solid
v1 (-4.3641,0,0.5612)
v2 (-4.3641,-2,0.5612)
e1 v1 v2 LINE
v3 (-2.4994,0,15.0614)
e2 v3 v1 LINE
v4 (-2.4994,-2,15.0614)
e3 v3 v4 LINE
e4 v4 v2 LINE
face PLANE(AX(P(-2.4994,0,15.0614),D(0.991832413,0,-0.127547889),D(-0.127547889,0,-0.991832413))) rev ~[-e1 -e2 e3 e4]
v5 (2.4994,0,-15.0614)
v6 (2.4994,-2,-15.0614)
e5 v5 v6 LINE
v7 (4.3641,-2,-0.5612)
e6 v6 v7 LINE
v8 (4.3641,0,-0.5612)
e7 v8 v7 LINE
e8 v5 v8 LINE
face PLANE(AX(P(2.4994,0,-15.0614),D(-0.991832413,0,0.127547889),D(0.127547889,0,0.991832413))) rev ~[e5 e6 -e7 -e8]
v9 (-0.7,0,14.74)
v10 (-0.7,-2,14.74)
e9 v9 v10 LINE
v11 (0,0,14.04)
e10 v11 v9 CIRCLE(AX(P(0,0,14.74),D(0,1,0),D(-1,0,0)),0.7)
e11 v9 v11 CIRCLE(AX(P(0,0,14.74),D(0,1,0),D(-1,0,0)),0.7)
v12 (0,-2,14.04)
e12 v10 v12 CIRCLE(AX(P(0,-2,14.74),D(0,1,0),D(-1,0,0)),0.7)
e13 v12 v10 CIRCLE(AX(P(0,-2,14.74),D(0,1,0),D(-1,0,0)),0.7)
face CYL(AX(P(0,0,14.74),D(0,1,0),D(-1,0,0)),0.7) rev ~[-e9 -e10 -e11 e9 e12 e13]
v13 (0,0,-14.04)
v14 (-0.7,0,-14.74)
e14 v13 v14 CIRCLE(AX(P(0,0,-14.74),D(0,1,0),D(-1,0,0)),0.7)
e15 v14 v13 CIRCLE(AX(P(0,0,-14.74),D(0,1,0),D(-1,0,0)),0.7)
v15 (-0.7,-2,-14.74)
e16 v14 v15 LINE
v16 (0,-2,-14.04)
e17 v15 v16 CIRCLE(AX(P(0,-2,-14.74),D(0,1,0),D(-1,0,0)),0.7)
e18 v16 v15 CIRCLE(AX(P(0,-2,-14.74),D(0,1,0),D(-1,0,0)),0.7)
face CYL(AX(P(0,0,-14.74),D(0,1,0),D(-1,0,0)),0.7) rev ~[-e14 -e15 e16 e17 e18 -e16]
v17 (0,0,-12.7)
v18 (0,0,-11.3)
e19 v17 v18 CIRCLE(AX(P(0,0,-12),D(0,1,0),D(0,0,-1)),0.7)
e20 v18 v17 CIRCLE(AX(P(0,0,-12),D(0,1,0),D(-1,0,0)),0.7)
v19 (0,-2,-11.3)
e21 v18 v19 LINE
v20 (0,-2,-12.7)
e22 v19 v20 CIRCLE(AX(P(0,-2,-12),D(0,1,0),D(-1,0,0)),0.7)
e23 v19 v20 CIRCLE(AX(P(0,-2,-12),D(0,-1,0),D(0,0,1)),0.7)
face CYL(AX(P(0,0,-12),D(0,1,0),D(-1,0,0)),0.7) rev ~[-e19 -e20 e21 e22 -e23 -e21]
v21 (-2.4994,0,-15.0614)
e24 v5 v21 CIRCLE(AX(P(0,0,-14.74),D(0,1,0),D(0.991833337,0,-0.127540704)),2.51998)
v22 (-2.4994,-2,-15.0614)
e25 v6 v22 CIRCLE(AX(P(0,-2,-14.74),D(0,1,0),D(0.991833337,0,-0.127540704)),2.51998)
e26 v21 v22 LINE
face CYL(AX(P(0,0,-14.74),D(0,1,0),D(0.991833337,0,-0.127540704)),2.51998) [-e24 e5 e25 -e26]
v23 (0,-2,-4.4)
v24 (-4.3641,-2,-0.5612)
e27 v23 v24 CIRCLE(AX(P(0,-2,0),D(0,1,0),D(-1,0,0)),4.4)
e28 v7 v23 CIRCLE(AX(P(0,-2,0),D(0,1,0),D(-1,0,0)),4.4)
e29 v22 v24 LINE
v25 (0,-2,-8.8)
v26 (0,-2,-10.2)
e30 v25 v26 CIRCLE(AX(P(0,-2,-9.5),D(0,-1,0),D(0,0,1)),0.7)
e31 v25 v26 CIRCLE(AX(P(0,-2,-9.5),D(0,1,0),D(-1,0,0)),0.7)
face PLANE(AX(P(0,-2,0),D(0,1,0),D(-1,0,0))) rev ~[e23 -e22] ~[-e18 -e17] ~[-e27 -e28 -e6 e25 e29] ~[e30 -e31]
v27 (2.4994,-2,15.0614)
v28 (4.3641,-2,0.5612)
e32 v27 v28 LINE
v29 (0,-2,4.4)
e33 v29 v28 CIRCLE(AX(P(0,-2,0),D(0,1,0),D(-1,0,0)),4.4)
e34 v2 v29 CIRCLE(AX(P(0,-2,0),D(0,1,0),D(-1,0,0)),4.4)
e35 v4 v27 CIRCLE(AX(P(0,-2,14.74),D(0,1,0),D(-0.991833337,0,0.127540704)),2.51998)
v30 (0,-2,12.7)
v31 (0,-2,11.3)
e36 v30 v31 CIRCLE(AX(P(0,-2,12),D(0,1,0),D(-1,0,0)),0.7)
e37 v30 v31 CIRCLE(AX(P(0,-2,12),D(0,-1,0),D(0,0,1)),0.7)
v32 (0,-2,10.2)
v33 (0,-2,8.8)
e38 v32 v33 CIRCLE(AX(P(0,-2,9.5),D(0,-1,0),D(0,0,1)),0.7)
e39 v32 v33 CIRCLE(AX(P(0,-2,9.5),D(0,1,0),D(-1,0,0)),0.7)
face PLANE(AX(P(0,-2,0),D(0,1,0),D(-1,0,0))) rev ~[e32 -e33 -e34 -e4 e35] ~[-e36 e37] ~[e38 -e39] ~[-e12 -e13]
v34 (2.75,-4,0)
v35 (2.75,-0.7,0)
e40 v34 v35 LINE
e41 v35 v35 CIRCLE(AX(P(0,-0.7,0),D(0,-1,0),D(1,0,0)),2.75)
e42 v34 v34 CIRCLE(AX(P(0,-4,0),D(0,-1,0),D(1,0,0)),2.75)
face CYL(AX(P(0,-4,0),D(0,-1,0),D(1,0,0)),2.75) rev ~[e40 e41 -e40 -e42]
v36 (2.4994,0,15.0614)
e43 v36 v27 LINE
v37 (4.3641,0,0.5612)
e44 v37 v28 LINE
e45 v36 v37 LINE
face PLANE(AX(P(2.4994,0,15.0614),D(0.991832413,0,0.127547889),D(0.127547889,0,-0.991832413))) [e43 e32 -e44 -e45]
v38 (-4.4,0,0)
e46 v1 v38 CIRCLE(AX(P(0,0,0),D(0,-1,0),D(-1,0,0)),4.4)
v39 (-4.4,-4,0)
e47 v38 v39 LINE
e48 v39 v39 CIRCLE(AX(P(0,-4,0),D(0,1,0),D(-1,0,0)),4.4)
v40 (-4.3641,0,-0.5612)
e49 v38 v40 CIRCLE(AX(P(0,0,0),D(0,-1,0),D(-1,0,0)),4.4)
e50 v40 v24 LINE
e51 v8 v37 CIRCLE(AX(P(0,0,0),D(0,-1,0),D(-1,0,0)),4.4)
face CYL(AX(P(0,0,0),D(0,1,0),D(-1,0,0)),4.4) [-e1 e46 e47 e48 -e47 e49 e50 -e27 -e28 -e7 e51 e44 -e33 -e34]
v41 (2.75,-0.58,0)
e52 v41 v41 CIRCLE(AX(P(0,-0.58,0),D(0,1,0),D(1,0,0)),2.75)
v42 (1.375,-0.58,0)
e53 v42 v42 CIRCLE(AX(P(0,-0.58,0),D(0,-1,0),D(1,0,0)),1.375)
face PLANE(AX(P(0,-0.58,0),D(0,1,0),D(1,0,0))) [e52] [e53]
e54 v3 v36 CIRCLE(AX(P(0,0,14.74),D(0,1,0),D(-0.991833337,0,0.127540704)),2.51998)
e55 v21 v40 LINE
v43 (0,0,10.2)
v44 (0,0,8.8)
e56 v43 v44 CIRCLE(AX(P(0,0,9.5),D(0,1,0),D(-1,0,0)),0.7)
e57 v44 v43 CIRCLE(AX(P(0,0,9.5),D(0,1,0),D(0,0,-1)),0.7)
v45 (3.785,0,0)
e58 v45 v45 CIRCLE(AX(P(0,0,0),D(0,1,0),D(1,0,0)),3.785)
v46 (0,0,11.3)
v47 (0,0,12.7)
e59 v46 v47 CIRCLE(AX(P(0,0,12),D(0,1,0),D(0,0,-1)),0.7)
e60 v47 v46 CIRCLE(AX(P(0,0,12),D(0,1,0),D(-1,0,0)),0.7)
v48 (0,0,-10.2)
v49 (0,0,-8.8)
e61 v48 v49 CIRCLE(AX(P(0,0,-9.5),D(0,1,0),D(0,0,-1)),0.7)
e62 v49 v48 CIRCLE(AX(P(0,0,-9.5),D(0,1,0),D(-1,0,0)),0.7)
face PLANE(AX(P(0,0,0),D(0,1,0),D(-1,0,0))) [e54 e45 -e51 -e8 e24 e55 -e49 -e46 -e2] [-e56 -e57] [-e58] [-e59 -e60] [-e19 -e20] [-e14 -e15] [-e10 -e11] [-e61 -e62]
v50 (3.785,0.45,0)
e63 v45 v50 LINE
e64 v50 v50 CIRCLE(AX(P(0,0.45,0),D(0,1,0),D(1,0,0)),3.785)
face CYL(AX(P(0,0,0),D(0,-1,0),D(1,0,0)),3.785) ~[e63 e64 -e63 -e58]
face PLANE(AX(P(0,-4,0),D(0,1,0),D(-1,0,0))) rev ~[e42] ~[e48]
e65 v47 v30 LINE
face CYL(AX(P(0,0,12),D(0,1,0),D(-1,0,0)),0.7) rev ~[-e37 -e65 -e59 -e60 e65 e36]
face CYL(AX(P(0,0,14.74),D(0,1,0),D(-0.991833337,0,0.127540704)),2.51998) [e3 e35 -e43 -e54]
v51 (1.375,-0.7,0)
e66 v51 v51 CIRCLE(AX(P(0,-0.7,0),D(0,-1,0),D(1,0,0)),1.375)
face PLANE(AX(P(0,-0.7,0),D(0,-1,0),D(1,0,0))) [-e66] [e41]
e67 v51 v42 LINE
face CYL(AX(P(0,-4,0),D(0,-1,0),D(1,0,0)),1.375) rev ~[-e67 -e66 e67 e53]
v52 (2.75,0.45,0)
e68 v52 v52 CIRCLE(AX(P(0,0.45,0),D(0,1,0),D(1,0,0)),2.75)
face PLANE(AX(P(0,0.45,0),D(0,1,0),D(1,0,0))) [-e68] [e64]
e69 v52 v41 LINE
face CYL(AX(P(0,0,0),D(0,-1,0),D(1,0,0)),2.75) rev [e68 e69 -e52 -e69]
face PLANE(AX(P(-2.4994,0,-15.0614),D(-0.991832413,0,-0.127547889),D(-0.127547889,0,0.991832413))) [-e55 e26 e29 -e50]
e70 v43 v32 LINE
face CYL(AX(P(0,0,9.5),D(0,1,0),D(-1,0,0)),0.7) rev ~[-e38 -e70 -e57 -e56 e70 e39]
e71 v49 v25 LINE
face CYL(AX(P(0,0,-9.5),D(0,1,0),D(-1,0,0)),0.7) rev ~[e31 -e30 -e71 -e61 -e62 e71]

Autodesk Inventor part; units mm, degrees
ref_plane "YZ Plane" through (0, 0, 0) normal (1, 0, 0) x (0, 1, 0)
ref_plane "XZ Plane" through (0, 0, 0) normal (0, 1, 0) x (-1, 0, 0)
ref_plane "XY Plane" through (0, 0, 0) normal (0, 0, 1) x (1, 0, 0)
sketch "Sketch1" plane through (0, 0, 0) normal (0, 1, 0) x (-1, 0, 0)
  circle A0 centre (0, 0) radius 4.4
  line L0 (9.1763, 0) -> (-11.3805, 0)
  line L1 (0, 0) -> (0, -9.5)
  line L2 (0, -9.5) -> (0, -12)
  line L3 (0, -12) -> (0, -14.74)
  circle A1 centre (0, -9.5) radius 0.7
  circle A2 centre (0, -12) radius 0.7
  circle A3 centre (0, -14.74) radius 0.7
  arc A4 (-2.4994, -15.0614) -> (2.4994, -15.0614) centre (0, -14.74) ccw
  line L4 (2.4994, -15.0614) -> (4.3641, -0.5612)
  line L5 (-2.4994, -15.0614) -> (-4.3641, -0.5612)
  line L6 (0, 0) -> (0, 9.5)
  line L7 (0, 9.5) -> (0, 12)
  line L8 (0, 12) -> (0, 14.74)
  circle A5 centre (0, 9.5) radius 0.7
  circle A6 centre (0, 12) radius 0.7
  circle A7 centre (0, 14.74) radius 0.7
  arc A8 (2.4994, 15.0614) -> (-2.4994, 15.0614) centre (0, 14.74) ccw
  line L9 (2.4994, 15.0614) -> (4.3641, 0.5612)
  line L10 (-2.4994, 15.0614) -> (-4.3641, 0.5612)
  point P0 (4.3641, 0.5612)
  dimension "d0" = 8.8
  dimension "d2" = 9.5
  dimension "d3" = 2.5
  dimension "d4" = 2.74
  dimension "d5" = 1.4
  dimension "d6" = 1.4
  dimension "d7" = 1.4
  dimension "d8" = 5.04
extrude "Extrusion1" add sketch "Sketch1" against normal blind 2 contours A0 L10 A8 L9 | L4 A4 L5 A0
extrude "Extrusion2" add sketch "Sketch1" against normal blind 4 contours L0 L6 A0 | A0 L1 L0 | L1 A0 L0 | L0 A0 L6
sketch "Sketch2" plane through (0, 0, 0) normal (0, 1, 0) x (1, 0, 0)
  circle A0 centre (0, 0) radius 3.785
  circle A1 centre (0, 0) radius 2.75
  dimension "d13" = 7.57
  dimension "d14" = 5.5
extrude "Extrusion3" add sketch "Sketch2" along normal blind 0.45
extrude "Extrusion4" cut sketch "Sketch2" against normal blind 0.58 contours A1
sketch "Sketch3" plane through (0, -4, 0) normal (0, -1, 0) x (1, 0, 0)
  circle A0 centre (0, 0) radius 2.75
  circle A1 centre (0, 0) radius 1.375
  dimension "d19" = 5.5
  dimension "d20" = 2.75
extrude "Extrusion5" cut sketch "Sketch3" against normal through all contours A1
extrude "Extrusion6" cut sketch "Sketch3" against normal blind 3.3
properties part number "MMAE 232 CAD Assignment 2 Servo Horn 6-Nicholas Skiba"
